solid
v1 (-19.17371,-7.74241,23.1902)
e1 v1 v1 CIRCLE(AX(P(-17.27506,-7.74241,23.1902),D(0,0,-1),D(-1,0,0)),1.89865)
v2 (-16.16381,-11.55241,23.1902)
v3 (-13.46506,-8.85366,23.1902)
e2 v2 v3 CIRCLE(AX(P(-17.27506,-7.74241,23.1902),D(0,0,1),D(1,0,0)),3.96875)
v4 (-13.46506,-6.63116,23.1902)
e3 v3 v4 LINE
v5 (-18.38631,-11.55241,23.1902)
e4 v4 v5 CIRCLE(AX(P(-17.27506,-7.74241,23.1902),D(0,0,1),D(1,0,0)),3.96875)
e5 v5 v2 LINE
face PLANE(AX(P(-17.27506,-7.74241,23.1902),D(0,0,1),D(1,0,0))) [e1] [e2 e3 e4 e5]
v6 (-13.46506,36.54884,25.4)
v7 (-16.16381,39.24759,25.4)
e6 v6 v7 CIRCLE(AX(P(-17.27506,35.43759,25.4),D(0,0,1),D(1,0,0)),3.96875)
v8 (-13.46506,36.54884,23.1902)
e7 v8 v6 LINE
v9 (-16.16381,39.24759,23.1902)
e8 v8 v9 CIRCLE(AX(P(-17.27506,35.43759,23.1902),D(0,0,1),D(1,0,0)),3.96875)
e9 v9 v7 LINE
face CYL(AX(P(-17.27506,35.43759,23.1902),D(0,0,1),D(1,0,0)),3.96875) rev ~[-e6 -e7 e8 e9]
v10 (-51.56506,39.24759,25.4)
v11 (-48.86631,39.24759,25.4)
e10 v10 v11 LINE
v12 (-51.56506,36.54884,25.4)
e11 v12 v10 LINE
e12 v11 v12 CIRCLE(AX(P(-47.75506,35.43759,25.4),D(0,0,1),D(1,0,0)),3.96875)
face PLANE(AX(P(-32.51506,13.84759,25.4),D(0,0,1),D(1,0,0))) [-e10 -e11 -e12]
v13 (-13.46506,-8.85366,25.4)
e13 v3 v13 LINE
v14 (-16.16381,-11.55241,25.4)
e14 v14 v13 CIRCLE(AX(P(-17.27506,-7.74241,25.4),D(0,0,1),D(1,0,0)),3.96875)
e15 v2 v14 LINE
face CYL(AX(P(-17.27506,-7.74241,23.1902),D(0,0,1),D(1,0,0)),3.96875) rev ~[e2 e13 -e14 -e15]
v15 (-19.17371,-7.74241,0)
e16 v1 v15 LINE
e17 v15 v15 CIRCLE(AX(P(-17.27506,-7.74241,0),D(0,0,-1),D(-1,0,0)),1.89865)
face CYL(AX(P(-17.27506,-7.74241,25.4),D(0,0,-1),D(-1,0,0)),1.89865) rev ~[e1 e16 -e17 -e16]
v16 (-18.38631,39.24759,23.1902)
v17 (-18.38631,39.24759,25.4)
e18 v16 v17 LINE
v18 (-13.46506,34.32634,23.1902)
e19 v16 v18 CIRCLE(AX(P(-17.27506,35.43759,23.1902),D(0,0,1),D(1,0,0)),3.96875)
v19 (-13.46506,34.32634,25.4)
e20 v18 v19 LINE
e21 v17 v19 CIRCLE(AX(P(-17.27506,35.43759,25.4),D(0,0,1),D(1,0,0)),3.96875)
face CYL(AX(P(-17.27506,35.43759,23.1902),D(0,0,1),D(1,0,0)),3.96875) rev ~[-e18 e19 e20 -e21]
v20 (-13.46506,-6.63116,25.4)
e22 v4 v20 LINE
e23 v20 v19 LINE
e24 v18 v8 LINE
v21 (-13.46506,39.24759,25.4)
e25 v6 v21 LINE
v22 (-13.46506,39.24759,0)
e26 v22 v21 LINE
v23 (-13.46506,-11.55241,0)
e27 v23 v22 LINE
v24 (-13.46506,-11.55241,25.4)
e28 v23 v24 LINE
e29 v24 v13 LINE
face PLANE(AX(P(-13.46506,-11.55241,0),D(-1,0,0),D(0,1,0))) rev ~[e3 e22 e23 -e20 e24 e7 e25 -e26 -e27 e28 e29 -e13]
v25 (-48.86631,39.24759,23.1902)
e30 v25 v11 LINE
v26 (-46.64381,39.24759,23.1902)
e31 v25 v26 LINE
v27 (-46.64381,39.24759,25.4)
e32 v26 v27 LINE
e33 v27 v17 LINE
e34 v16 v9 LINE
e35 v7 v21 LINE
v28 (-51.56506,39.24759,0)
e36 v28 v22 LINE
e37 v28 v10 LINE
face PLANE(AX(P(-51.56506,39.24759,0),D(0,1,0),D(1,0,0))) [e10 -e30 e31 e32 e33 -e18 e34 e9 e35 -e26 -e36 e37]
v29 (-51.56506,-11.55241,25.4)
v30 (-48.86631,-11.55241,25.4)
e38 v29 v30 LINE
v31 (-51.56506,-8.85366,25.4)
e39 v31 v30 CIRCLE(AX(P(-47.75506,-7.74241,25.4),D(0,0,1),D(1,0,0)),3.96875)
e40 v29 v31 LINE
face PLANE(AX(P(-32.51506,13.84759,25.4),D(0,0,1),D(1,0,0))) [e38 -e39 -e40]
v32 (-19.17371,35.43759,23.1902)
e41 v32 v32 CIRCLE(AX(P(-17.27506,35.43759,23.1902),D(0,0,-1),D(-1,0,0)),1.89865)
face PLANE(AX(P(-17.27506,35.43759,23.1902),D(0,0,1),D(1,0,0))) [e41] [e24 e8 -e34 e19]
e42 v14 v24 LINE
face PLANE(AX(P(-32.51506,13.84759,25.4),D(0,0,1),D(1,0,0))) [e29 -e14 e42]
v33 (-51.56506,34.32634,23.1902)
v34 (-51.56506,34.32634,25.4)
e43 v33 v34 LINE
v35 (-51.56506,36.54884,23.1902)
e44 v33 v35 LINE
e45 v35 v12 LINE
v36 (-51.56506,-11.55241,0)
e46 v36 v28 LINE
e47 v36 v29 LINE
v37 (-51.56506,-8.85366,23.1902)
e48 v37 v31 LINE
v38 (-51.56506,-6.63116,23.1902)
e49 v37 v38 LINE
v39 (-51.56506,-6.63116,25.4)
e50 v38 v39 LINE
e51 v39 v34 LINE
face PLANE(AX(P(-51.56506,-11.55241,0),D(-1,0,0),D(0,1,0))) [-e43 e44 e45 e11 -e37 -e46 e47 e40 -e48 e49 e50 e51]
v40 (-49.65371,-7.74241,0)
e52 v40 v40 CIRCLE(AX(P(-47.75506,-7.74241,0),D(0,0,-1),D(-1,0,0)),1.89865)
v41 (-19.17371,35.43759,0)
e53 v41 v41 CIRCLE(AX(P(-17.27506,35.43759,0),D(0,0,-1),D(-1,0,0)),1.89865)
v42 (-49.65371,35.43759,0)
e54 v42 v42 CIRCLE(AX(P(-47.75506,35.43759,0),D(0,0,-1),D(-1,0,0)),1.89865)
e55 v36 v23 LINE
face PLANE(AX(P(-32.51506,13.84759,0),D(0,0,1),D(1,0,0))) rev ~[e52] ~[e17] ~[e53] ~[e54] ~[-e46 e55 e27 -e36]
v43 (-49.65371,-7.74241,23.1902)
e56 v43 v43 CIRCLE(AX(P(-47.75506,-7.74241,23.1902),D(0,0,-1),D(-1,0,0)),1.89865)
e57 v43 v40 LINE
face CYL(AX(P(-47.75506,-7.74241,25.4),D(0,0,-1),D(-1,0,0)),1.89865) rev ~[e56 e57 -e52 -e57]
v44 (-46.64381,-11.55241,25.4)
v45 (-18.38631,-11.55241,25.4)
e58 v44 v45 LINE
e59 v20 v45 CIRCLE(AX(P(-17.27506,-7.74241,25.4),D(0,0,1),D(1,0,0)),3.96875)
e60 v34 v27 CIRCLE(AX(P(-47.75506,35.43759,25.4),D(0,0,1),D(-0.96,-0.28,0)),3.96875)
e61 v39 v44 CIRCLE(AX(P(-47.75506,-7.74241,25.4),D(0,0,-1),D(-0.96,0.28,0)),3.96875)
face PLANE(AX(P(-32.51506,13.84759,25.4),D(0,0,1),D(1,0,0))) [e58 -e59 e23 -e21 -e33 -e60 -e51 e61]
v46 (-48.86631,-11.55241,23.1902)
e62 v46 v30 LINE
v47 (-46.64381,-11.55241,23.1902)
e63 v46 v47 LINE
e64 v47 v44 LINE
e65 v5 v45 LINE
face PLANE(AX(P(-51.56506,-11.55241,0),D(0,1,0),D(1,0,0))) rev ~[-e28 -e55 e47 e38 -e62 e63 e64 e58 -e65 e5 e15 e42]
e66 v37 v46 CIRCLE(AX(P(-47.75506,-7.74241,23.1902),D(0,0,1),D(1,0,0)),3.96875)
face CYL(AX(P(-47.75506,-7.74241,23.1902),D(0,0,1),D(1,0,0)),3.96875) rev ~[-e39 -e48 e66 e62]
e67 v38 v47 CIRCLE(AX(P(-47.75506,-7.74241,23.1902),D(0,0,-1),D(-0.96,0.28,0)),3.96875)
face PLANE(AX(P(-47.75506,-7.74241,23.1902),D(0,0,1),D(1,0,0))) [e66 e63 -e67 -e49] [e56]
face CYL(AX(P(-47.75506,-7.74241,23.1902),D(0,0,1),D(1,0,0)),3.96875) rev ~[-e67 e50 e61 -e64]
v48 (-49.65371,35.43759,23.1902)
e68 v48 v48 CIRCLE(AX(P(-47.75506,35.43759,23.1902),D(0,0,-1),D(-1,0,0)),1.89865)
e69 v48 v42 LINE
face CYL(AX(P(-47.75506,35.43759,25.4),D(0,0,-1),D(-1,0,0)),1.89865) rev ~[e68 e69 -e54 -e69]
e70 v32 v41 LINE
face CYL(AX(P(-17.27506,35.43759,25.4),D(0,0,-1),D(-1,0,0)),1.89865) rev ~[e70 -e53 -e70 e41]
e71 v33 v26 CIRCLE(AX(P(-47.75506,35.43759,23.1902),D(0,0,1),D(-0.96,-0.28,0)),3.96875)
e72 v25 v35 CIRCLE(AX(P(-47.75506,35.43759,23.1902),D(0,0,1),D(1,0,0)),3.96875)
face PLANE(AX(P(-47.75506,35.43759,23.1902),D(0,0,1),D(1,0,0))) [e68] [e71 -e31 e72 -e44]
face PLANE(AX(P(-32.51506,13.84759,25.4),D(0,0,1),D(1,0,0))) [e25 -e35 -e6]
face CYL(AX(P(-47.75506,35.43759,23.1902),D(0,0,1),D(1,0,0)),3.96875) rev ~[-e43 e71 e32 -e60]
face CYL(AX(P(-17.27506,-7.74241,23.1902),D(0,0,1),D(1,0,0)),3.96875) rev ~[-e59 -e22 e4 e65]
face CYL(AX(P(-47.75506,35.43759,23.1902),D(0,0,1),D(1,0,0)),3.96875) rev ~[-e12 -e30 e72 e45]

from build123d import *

# Parameters (mm, degrees)
SKETCH2_W                                           = 38.1
SKETCH2_H                                           = 50.8
BOSS_EXTRUDE1_DEPTH                                 = 25.4
CBORE_FOR_6_BINDING_HEAD_MACHINE_SCREW1_D           = 3.7973
CBORE_FOR_6_BINDING_HEAD_MACHINE_SCREW1_CBORE_D     = 7.9375
CBORE_FOR_6_BINDING_HEAD_MACHINE_SCREW1_CBORE_DEPTH = 2.2098


with BuildPart() as part:
    # Sketch2 → Boss-Extrude1 (new body)
    with BuildSketch(Plane.XY):
        with Locations((-32.515060241, 13.847590361)):
            Rectangle(SKETCH2_W, SKETCH2_H)
    extrude(amount=BOSS_EXTRUDE1_DEPTH)

    # CBORE for #6 Binding Head Machine Screw1 (through all)
    with Locations(Plane(origin=(-47.755060241, 35.437590361, 25.4), x_dir=(1, 0, 0), z_dir=(0, 0, 1))):
        with Locations((0, 0), (30.48, 0), (0, -43.18), (30.48, -43.18)):
            CounterBoreHole(CBORE_FOR_6_BINDING_HEAD_MACHINE_SCREW1_D / 2, CBORE_FOR_6_BINDING_HEAD_MACHINE_SCREW1_CBORE_D / 2, CBORE_FOR_6_BINDING_HEAD_MACHINE_SCREW1_CBORE_DEPTH)


solid = part.part
